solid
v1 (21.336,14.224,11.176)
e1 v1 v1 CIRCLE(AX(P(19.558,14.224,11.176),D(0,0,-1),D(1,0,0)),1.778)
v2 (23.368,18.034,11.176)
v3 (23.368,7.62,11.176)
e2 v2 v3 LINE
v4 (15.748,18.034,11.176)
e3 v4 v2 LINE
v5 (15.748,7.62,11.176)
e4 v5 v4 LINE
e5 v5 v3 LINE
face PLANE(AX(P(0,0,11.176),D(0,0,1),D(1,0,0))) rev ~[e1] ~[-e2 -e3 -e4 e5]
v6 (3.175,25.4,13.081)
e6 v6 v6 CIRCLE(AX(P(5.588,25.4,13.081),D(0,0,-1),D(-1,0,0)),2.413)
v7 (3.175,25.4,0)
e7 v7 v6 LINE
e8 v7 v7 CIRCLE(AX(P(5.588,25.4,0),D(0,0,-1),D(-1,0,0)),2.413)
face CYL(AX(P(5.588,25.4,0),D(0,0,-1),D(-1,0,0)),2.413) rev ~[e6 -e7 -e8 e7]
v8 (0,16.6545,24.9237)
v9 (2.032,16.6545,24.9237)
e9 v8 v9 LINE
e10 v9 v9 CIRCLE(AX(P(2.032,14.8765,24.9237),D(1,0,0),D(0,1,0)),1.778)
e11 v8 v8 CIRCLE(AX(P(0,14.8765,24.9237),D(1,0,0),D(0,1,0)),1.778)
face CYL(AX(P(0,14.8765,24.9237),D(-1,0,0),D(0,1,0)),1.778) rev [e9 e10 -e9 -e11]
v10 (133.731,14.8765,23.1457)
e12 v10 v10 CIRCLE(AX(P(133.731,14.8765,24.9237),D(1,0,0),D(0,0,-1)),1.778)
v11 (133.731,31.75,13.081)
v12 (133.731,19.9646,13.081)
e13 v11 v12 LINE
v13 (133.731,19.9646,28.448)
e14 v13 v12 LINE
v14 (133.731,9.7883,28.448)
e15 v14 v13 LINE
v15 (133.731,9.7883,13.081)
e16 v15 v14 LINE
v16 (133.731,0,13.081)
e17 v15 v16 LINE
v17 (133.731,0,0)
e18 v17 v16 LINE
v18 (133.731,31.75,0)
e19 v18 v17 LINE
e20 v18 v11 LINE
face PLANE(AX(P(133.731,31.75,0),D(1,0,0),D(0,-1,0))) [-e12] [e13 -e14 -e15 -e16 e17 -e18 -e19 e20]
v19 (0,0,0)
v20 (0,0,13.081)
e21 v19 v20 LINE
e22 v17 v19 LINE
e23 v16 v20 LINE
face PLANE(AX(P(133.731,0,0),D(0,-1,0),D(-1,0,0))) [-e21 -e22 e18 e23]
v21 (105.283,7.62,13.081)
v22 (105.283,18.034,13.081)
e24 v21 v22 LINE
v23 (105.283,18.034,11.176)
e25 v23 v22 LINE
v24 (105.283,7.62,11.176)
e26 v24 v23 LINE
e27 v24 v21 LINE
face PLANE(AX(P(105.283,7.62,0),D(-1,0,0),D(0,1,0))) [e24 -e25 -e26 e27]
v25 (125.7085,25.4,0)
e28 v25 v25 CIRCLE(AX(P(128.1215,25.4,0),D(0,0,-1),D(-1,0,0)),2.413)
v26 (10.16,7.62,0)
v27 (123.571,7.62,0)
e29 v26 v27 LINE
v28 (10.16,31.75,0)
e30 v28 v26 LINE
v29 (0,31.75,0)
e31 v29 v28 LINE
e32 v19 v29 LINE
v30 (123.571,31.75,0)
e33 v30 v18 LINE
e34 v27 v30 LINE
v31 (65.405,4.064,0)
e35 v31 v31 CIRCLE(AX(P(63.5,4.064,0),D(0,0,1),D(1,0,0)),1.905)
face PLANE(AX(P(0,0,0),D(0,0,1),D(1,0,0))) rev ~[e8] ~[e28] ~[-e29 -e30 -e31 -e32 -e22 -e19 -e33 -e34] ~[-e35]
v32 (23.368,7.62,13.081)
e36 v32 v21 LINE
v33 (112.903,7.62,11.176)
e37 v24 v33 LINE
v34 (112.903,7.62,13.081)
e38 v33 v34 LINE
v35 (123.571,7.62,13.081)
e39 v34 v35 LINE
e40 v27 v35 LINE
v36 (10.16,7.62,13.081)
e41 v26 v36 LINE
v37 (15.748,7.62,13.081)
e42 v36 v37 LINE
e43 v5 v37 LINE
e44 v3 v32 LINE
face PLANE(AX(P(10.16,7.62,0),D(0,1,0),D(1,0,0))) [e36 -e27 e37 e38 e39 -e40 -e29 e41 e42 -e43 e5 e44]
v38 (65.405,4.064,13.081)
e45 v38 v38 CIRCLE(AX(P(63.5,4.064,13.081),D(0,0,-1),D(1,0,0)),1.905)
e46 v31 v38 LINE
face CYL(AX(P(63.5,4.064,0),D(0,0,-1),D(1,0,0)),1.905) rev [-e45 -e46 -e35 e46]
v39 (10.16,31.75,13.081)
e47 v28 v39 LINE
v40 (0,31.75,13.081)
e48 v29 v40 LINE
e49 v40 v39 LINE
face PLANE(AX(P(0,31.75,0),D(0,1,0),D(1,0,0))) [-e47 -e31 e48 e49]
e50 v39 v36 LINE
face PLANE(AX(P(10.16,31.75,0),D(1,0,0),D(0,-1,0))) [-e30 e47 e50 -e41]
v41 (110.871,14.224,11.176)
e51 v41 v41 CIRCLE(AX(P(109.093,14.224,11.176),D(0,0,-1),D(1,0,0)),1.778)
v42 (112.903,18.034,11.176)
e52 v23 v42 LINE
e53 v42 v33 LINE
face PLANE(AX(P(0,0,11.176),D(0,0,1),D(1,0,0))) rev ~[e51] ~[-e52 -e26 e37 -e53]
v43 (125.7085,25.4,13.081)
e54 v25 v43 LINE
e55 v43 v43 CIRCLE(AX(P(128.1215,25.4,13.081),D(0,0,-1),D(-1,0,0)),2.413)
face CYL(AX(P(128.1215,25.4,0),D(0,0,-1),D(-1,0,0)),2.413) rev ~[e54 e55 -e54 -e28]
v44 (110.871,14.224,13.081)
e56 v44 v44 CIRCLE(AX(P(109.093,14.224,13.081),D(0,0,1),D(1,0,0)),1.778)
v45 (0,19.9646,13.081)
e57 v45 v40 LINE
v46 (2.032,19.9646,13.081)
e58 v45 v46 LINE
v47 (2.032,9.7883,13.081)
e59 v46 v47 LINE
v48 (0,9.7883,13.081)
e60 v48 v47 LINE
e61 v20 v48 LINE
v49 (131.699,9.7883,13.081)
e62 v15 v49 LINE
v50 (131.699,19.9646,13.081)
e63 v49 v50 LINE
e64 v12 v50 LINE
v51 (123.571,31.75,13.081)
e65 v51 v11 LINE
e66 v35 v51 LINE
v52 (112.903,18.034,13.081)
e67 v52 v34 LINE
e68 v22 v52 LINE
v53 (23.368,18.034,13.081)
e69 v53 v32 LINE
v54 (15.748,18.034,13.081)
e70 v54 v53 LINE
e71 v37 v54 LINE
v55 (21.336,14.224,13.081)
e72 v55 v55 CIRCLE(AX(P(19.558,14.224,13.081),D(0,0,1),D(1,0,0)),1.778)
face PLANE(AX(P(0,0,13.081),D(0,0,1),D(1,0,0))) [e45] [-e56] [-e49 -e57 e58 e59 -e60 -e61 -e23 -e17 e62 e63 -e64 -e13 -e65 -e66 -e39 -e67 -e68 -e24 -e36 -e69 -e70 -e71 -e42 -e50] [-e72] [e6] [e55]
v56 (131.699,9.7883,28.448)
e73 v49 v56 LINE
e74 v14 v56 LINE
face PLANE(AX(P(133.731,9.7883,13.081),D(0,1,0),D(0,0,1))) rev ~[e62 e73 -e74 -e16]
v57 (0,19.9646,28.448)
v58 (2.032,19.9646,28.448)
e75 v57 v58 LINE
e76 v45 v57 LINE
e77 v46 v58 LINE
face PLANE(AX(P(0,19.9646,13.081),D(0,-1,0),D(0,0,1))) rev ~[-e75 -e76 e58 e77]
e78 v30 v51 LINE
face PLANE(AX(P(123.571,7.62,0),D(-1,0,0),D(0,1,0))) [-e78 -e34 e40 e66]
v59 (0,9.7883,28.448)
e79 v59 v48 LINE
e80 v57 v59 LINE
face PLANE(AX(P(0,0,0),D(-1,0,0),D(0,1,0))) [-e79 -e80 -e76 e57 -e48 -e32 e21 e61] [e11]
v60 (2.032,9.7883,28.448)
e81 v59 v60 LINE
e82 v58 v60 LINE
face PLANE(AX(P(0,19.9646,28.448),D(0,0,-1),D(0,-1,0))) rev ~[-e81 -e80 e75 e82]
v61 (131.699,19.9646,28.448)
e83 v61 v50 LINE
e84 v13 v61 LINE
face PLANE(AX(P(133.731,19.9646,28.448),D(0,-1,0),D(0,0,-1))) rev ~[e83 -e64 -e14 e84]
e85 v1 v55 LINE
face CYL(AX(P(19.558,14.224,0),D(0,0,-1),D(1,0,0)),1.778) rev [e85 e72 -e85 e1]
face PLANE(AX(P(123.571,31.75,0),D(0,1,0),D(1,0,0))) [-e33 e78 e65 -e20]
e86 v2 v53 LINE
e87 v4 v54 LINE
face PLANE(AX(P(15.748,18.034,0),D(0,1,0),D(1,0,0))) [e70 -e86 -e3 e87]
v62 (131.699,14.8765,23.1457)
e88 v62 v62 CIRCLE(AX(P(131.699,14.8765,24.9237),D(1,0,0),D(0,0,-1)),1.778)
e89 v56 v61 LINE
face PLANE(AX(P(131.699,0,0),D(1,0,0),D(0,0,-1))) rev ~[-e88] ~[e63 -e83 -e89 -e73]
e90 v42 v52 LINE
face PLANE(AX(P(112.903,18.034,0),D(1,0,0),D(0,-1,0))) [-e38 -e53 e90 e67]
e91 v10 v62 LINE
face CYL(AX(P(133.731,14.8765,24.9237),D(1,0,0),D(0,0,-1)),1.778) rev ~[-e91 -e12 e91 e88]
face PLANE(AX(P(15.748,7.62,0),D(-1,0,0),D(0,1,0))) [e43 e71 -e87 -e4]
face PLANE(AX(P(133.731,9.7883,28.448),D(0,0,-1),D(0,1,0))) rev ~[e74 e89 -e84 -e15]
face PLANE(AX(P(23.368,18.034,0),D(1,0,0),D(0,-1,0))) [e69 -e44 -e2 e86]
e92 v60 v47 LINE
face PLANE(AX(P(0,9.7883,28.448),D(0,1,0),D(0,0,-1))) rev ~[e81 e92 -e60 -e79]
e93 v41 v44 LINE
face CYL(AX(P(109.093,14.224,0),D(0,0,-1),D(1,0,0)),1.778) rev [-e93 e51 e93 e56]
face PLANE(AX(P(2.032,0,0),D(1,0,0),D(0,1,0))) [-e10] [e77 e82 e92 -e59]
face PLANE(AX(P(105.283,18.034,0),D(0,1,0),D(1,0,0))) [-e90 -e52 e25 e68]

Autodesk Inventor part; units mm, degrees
ref_plane "YZ Plane" through (0, 0, 0) normal (1, 0, 0) x (0, 1, 0)
ref_plane "XZ Plane" through (0, 0, 0) normal (0, 1, 0) x (-1, 0, 0)
ref_plane "XY Plane" through (0, 0, 0) normal (0, 0, 1) x (1, 0, 0)
sketch "Sketch1" plane through (0, 0, 0) normal (0, 0, 1) x (1, 0, 0)
  line L0 (0, 0) -> (0, 31.75)
  line L1 (0, 31.75) -> (10.16, 31.75)
  line L2 (10.16, 31.75) -> (10.16, 7.62)
  line L3 (10.16, 7.62) -> (15.748, 7.62)
  line L4 (15.748, 7.62) -> (15.748, 18.034)
  line L5 (15.748, 18.034) -> (23.368, 18.034)
  line L6 (23.368, 18.034) -> (23.368, 7.62)
  line L7 (23.368, 7.62) -> (105.283, 7.62)
  line L8 (105.283, 7.62) -> (105.283, 18.034)
  line L9 (105.283, 18.034) -> (112.903, 18.034)
  line L10 (112.903, 18.034) -> (112.903, 7.62)
  line L11 (112.903, 7.62) -> (123.571, 7.62)
  line L12 (123.571, 7.62) -> (123.571, 31.75)
  line L13 (123.571, 31.75) -> (133.731, 31.75)
  circle A0 centre (109.093, 14.224) radius 1.778
  circle A1 centre (5.588, 25.4) radius 1.905
  line L14 (133.731, 31.75) -> (133.731, 0)
  line L15 (133.731, 0) -> (0, 0)
  circle A2 centre (128.143, 25.4) radius 1.905
  circle A3 centre (19.558, 14.224) radius 1.778
  circle A4 centre (63.5, 4.064) radius 1.905
  dimension "d0" = 31.75
  dimension "d1" = 10.16
  dimension "d2" = 24.13
  dimension "d3" = 5.588
  dimension "d19" = 10.414
  dimension "d20" = 7.62
  dimension "d21" = 10.414
  dimension "d23" = 81.915
  dimension "d24" = 10.414
  dimension "d25" = 7.62
  dimension "d26" = 10.414
  dimension "d27" = 10.668
  dimension "d28" = 24.13
  dimension "d29" = 10.16
  dimension "d30" = 3.556
  dimension "d31" = 3.81
  dimension "d33" = 133.731
  dimension "d34" = 3.81
  dimension "d37" = 3.556
  dimension "d42" = 3.81
  dimension "d57" = 63.5
  dimension "d58" = 25.4
sketch "Sketch2" plane through (0, 0, 0) normal (0, 0, 1) x (1, 0, 0)
  line L0 (15.748, 7.62) -> (10.16, 7.62) projected
  line L1 (12.954, 7.62) -> (117.9845, 7.62)
  line L2 (117.9845, 7.62) -> (117.9845, 21.0811)
  line L3 (117.9845, 21.0811) -> (12.954, 21.0811)
  line L4 (12.954, 21.0811) -> (12.954, 7.62)
  point P0 (0, 0)
extrude "Extrusion4" add sketch "Sketch1" along normal blind 13.081
extrude "Extrusion5" cut sketch "Sketch2" along normal blind 11.176
sketch "Sketch3" plane through (0, 0, 0) normal (1, 0, 0) x (0, 1, 0)
  line L0 (31.75, 13.081) -> (0, 13.081) projected
  line L1 (19.9646, 13.081) -> (19.9646, 28.448)
  line L2 (19.9646, 28.448) -> (9.7883, 28.448)
  line L3 (9.7883, 28.448) -> (9.7883, 13.081)
  circle A0 centre (14.8765, 24.9237) radius 1.778
  point P0 (0, 0)
  dimension "d47" = 15.367
  dimension "d48" = 3.556
extrude "Extrusion6" add sketch "Sketch3" along normal blind 2.032
ref_plane "Work Plane2" through (133.731, 0, 0) normal (1, 0, 0) x (0, 0, -1)
sketch "Sketch4" plane through (133.731, 0, 0) normal (1, 0, 0) x (0, 0, -1)
  line L0 (-13.081, 9.7883) -> (-28.448, 9.7883) projected
  line L1 (-28.448, 9.7883) -> (-28.448, 19.9646) projected
  line L2 (-13.081, 9.7883) -> (-28.448, 9.7883)
  line L3 (-28.448, 9.7883) -> (-28.448, 19.9646)
  line L4 (-28.448, 19.9646) -> (-13.081, 19.9646) projected
  line L5 (-28.448, 19.9646) -> (-13.081, 19.9646)
  line L6 (-13.081, 19.9646) -> (-13.081, 9.7883)
  line L7 (-13.081, 7.62) -> (-13.081, 18.034) projected
  circle A0 centre (-24.9237, 14.8765) radius 1.778 projected
  circle A1 centre (-24.9237, 14.8765) radius 1.778
  point P0 (0, 0)
extrude "Extrusion8" add sketch "Sketch4" against normal blind 2.032
ref_plane "Work Plane3" through (0, 0, 0) normal (0, 0, -1) x (-1, 0, 0)
sketch "Sketch5" plane through (0, 0, 0) normal (0, 0, -1) x (-1, 0, 0)
  circle A0 centre (-5.588, 25.4) radius 2.413
  circle A1 centre (-63.5, 4.064) radius 1.905 projected
  circle A2 centre (-63.5, 4.064) radius 2.286
  circle A3 centre (-128.1215, 25.4) radius 2.413
  point P0 (0, 0)
  dimension "d60" = 4.826
  dimension "d61" = 4.572
  dimension "d62" = 4.826
extrude "Extrusion9" cut sketch "Sketch5" against normal blind 15.24 contours A0 | A1 | A3
properties part number "PC_bottom_piece"
